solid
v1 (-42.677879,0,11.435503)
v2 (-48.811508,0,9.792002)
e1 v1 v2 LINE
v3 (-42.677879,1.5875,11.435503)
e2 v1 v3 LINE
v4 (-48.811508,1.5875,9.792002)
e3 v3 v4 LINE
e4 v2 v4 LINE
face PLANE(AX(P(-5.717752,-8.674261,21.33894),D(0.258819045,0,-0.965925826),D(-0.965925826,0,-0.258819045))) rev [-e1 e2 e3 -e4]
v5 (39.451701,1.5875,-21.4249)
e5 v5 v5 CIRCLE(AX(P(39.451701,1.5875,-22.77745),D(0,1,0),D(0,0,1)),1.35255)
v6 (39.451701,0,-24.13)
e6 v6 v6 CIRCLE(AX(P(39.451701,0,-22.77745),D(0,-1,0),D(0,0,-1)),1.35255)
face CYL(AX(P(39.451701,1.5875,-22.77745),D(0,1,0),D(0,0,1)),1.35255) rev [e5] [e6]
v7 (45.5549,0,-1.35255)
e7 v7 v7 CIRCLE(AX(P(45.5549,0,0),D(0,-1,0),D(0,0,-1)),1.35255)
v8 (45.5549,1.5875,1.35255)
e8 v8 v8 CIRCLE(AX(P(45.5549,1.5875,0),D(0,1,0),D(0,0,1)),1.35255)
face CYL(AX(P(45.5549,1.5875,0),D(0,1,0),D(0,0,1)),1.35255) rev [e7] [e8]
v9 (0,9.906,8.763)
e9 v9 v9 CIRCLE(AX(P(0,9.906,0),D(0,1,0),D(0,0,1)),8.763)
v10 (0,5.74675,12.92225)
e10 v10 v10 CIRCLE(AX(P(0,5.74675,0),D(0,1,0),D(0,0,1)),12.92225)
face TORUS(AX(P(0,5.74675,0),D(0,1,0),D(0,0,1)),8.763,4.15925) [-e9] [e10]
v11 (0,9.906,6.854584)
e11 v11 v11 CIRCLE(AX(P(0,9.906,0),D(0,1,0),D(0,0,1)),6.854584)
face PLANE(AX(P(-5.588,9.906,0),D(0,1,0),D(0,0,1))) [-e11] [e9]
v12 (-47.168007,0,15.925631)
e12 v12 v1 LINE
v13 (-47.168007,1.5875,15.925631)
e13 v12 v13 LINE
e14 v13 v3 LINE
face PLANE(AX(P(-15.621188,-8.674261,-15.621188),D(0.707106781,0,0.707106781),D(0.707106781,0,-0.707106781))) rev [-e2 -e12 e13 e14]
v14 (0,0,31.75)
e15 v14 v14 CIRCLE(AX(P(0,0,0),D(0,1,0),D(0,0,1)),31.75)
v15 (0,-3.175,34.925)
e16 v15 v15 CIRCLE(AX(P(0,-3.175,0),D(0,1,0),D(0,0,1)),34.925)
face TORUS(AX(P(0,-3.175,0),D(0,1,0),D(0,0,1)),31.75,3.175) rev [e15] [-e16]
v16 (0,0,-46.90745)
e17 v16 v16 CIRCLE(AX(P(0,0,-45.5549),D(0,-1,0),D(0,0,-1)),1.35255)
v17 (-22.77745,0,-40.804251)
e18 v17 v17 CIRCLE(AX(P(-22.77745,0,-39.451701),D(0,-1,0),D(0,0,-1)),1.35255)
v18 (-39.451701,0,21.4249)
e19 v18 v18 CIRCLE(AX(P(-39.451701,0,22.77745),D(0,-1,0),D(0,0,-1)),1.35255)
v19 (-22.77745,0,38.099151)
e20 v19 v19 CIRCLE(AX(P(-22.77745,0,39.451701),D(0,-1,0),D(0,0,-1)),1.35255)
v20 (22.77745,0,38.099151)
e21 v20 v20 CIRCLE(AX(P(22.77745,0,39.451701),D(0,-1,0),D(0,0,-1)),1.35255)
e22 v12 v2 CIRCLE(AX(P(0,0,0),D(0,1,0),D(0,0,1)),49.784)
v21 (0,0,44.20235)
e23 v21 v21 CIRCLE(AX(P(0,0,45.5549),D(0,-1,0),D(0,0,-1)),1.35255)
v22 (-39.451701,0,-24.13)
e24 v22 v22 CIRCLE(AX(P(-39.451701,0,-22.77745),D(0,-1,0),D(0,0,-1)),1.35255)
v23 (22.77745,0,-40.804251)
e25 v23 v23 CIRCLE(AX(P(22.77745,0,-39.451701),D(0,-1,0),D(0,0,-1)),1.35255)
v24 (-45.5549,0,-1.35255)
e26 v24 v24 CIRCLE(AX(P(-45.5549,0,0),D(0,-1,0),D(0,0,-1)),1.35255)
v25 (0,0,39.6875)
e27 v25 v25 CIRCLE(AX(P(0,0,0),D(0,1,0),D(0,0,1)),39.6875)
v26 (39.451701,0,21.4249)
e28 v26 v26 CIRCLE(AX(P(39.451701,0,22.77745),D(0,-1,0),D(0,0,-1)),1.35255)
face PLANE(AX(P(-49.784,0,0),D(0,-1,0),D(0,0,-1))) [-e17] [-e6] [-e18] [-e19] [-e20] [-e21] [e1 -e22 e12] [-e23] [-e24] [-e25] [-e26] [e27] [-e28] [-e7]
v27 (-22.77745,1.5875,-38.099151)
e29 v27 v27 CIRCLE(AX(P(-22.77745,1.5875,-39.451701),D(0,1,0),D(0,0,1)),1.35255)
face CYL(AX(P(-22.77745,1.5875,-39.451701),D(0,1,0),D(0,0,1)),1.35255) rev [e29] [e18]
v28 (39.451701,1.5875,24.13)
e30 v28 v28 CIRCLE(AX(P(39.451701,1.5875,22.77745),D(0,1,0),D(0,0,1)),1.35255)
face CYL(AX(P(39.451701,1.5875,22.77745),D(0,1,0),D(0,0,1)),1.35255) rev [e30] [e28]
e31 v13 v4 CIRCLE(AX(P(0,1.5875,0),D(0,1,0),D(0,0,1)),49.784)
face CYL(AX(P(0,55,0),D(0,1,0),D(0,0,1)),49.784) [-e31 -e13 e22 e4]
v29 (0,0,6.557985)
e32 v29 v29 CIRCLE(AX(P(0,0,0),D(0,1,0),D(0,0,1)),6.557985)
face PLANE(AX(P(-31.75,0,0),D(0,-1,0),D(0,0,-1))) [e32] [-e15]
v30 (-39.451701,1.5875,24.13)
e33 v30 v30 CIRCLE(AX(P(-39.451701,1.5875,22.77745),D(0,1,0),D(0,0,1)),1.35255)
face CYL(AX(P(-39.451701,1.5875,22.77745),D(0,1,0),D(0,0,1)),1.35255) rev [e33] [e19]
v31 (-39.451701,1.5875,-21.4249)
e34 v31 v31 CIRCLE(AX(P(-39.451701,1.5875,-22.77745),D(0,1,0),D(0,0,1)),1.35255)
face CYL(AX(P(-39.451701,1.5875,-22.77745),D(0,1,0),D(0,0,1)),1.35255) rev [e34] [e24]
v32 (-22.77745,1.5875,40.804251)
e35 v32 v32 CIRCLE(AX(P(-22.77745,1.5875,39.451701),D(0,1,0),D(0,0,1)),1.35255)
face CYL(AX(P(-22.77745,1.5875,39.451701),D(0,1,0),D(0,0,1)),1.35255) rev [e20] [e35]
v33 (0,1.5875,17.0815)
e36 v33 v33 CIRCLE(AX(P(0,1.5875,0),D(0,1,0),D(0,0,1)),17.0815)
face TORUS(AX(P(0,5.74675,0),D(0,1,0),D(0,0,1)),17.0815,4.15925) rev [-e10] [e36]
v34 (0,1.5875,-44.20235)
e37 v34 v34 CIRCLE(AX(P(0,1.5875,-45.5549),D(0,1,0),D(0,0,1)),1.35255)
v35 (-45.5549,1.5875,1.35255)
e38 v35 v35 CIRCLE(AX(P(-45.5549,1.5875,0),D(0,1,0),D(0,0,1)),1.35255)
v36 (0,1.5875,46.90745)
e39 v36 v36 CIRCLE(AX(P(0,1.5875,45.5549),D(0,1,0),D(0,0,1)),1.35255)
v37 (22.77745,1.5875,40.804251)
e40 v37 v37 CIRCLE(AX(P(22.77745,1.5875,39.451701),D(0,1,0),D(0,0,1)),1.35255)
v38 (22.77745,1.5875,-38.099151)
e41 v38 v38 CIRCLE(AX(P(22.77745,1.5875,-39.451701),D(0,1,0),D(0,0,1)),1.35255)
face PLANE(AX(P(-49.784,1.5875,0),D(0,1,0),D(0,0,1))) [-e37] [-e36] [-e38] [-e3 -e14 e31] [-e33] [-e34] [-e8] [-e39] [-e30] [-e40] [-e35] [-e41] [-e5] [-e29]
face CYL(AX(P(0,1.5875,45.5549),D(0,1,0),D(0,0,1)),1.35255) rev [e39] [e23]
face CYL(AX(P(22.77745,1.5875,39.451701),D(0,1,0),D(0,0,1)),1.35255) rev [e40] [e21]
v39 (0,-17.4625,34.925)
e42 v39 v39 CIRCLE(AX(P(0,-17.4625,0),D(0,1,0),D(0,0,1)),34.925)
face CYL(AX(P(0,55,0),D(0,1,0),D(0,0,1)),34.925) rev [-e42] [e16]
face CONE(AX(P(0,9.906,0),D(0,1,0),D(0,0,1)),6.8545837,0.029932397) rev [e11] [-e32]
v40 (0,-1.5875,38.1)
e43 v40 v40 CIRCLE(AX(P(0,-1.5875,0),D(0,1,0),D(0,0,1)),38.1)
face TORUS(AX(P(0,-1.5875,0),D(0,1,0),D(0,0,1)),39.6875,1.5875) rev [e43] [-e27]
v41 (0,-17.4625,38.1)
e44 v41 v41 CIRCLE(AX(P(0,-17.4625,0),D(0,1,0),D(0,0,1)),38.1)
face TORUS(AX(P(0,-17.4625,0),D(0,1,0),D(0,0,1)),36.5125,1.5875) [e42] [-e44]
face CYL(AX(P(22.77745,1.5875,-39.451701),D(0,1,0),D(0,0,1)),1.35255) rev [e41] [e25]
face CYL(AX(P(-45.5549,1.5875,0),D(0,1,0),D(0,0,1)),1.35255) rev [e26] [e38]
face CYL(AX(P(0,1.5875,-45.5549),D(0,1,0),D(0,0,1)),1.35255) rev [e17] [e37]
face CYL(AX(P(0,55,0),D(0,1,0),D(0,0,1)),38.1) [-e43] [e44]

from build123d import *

# Parameters (mm, degrees)
F_36_0_1065_DIAMETER_HOLE1_D = 2.7051
CIRPATTERN1_COUNT            = 12
CUT_EXTRUDE1_DEPTH           = 1.5875


with BuildPart() as part:
    # Sketch1 → Revolve1 (revolve)
    with BuildSketch(Plane.XY):
        with BuildLine():
            Line((-49.784, 0), (-39.6875, 0))
            ThreePointArc((-39.6875, 0), (-38.564967985, -0.464967985), (-38.1, -1.5875))
            Line((-38.1, -1.5875), (-38.1, -17.4625))
            ThreePointArc((-38.1, -17.4625), (-36.5125, -19.05), (-34.925, -17.4625))
            Line((-34.925, -17.4625), (-34.925, -3.175))
            ThreePointArc((-34.925, -3.175), (-33.99506403, -0.92993597), (-31.75, 0))
            Line((-31.75, 0), (-5.588, 0))
            Line((-5.588, 0), (-5.588, 9.906))
            Line((-5.588, 9.906), (-8.763, 9.906))
            ThreePointArc((-8.763, 9.906), (-11.70403388, 8.68778388), (-12.92225, 5.74675))
            ThreePointArc((-12.92225, 5.74675), (-14.14046612, 2.80571612), (-17.0815, 1.5875))
            Line((-17.0815, 1.5875), (-49.784, 1.5875))
            Line((-49.784, 1.5875), (-49.784, 0))
        make_face()
    revolve(axis=Axis((0, 55, 0), (0, -1, 0)))

    # #36 (0.1065) Diameter Hole1 (through all)
    with Locations(Plane(origin=(0, 1.5875, 0), x_dir=(1, 0, 0), z_dir=(0, 1, 0))):
        with Locations((-45.5549, 0)):
            f_36_0_1065_diameter_hole1 = Hole(F_36_0_1065_DIAMETER_HOLE1_D / 2)

    # CirPattern1: #36 (0.1065) Diameter Hole1 ×12 about axis
    cirpattern1_axis = Axis((0, 0, 0), (0, 1, 0))
    for i in range(1, CIRPATTERN1_COUNT):
        add(f_36_0_1065_diameter_hole1.rotate(cirpattern1_axis, i * 360 / CIRPATTERN1_COUNT), mode=Mode.SUBTRACT)

    # Sketch5 → 1/4 NPT Tapped Hole1 (revolve, cut)
    with BuildSketch(Plane(origin=(0, 9.906, 0), x_dir=(0, 0, 1), z_dir=(1, 0, 0))):
        Polygon((0, 0), (0, 28.956), (5.5626, 28.956), (5.5626, 9.906), (6.557984794, 9.906), (6.8545837, 0), align=None)
    revolve(axis=Axis((0, 16.256, 0), (0, -1, 0)), mode=Mode.SUBTRACT)

    # Sketch6 → Cut-Extrude1 (cut)
    with BuildSketch(Plane(origin=(0, 1.5875, 0), x_dir=(1, 0, 0), z_dir=(0, 1, 0))):
        with BuildLine():
            Line((-47.168007396, -15.925631363), (-42.677879335, -11.435503303))
            Line((-42.677879335, -11.435503303), (-48.811508332, -9.792002366))
            ThreePointArc((-48.811508332, -9.792002366), (-48.087651336, -12.885047341), (-47.168007396, -15.925631363))
        make_face()
    extrude(amount=-CUT_EXTRUDE1_DEPTH, mode=Mode.SUBTRACT)


solid = part.part
